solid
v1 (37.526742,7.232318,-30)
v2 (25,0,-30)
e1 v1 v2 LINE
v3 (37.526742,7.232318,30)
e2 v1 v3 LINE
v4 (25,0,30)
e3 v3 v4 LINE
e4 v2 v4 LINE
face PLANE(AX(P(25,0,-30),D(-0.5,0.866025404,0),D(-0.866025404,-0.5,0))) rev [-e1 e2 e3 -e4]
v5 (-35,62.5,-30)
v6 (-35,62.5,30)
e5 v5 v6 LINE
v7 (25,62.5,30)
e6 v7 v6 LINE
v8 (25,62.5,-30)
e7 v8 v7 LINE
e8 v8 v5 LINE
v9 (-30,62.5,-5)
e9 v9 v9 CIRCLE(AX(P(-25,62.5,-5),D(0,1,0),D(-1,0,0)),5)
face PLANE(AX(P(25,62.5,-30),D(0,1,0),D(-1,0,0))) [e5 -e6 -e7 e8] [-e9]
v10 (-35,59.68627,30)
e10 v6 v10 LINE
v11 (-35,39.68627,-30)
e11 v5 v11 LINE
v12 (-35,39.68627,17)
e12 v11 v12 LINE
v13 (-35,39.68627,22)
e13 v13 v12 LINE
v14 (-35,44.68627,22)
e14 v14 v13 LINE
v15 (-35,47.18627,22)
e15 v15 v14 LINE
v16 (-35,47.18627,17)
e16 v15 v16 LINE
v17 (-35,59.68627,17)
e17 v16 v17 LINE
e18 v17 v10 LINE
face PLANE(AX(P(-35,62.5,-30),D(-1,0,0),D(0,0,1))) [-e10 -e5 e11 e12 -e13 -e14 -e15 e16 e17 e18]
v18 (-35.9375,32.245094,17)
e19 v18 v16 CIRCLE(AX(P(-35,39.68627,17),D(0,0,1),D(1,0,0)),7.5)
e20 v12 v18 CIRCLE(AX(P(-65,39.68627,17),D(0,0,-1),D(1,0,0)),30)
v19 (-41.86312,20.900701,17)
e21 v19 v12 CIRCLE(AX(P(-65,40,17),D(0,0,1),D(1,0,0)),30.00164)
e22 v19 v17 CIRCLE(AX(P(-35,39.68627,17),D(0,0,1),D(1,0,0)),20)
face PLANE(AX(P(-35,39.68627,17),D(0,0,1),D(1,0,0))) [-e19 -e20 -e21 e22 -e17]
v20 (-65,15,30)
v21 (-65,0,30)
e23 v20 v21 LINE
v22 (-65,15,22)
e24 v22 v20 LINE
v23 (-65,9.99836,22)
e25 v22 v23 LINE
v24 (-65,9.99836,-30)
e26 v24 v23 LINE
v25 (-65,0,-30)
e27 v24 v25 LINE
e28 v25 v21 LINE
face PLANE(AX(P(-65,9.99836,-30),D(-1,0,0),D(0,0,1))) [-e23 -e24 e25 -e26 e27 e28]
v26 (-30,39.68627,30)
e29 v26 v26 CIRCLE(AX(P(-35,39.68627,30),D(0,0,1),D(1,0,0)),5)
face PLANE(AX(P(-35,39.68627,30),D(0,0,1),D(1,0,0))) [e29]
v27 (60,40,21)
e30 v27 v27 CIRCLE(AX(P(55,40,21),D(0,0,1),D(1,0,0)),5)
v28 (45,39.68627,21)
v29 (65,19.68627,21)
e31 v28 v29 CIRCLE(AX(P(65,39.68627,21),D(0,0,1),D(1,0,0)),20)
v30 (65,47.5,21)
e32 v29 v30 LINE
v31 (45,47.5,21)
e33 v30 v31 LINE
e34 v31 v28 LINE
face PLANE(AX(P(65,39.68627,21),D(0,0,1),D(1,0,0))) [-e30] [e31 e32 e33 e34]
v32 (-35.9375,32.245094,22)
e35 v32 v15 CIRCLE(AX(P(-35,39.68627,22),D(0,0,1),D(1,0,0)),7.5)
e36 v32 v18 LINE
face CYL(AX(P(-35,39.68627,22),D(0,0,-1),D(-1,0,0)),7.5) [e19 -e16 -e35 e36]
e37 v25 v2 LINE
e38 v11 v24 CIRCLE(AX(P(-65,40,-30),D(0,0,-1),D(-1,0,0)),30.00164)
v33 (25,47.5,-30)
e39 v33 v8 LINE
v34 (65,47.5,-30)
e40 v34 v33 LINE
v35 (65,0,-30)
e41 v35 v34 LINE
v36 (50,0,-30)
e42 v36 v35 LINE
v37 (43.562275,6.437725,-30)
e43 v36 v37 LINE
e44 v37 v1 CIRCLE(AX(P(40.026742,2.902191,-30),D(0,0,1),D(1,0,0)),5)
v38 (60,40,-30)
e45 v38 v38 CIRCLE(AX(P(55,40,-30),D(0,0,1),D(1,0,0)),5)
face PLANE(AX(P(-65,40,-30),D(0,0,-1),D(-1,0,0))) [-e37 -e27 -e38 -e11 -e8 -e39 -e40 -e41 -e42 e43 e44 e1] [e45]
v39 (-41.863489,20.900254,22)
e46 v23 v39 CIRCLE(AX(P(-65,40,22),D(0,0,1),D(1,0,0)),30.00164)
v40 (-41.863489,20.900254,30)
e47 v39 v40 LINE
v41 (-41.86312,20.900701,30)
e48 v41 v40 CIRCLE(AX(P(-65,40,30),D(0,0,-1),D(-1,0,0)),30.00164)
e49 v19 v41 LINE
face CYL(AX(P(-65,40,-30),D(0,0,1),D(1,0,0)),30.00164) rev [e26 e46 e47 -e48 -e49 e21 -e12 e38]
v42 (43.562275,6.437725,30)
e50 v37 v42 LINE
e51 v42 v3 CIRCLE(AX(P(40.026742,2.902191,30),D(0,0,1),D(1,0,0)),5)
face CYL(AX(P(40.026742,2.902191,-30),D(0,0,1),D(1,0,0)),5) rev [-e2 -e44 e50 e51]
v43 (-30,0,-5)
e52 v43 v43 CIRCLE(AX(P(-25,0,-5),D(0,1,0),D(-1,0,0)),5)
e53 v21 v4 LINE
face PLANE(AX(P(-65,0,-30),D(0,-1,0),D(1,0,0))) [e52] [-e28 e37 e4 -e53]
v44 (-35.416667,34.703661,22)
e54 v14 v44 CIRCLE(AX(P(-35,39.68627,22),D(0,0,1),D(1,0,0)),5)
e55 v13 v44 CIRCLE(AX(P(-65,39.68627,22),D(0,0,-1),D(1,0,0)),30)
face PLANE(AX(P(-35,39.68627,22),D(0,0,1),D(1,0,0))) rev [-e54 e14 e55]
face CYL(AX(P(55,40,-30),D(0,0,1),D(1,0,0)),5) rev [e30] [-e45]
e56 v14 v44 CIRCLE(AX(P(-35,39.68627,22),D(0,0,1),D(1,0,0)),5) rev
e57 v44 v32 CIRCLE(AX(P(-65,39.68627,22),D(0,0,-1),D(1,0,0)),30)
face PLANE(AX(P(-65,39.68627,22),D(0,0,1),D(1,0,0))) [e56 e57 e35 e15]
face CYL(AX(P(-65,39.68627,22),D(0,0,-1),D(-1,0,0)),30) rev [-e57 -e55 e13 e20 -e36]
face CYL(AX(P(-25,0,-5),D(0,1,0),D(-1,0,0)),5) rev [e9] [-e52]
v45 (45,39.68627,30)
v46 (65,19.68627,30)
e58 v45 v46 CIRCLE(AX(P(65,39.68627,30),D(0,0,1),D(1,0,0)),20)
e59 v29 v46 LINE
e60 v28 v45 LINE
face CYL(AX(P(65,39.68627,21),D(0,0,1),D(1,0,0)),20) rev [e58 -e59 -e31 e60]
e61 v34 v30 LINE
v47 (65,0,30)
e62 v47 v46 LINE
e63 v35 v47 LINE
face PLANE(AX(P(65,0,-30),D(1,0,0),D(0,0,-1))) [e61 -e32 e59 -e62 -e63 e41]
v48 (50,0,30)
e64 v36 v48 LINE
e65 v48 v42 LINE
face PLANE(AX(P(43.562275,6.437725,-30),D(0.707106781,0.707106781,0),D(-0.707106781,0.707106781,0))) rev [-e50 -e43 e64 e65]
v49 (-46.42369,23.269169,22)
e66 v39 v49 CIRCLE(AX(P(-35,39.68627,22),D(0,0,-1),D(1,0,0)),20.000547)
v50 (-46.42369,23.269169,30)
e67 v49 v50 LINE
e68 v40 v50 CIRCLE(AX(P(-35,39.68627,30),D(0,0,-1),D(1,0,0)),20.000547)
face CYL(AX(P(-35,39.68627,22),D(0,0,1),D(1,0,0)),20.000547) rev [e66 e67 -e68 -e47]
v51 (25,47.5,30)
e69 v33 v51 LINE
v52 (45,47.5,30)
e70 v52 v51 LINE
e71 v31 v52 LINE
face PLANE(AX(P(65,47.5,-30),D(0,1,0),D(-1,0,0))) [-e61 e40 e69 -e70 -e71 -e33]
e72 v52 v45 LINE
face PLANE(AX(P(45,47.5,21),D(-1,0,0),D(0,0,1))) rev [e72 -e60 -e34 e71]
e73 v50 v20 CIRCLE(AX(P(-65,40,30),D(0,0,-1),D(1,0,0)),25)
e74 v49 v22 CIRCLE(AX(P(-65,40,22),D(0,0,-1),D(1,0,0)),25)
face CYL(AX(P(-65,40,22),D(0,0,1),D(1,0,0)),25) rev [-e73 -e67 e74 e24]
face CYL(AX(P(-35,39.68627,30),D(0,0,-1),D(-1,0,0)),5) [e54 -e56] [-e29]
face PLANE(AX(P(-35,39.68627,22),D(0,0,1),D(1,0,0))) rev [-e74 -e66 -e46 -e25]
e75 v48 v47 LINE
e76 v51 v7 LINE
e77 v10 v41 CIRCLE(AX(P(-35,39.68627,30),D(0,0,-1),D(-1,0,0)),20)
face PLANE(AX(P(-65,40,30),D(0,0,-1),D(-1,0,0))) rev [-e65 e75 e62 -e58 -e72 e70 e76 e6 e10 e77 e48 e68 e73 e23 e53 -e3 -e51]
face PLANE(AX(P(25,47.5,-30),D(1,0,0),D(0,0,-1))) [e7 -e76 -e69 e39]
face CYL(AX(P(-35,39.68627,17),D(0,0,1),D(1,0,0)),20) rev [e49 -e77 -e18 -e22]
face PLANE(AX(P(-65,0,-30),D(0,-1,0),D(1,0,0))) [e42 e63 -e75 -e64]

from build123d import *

# Parameters (mm, degrees)
BOSS_EXTRUDE1_DEPTH      = 30
BOSS_EXTRUDE1_DEPTH_BACK = 30
CUT_EXTRUDE1_DEPTH       = 13
BOSS_EXTRUDE2_START      = -8
BOSS_EXTRUDE2_DEPTH      = 8
BOSS_EXTRUDE3_DEPTH      = 5
SKETCH5_R                = 5
BOSS_EXTRUDE4_DEPTH      = 8
CUT_EXTRUDE2_DEPTH       = 9
SKETCH7_R                = 5
CUT_EXTRUDE3_DEPTH       = 104.596573302
SKETCH8_R                = 5
CUT_EXTRUDE4_DEPTH       = 96.032889044
CUT_EXTRUDE5_DEPTH       = 109.310895112


with BuildPart() as part:
    # Sketch1 → Boss-Extrude1 (new, two sides: drawn at the far end of the back side and taken through both)
    with BuildSketch(Plane.XY.offset(-BOSS_EXTRUDE1_DEPTH_BACK)):
        with BuildLine():
            Line((-65, 9.998359599), (-65, 0))
            Line((-65, 0), (65, 0))
            Line((65, 0), (65, 47.5))
            Line((65, 47.5), (25, 47.5))
            Line((25, 47.5), (25, 62.5))
            Line((25, 62.5), (-35, 62.5))
            Line((-35, 62.5), (-35, 39.686269666))
            ThreePointArc((-35, 39.686269666), (-43.896848552, 18.675004673), (-65, 9.998359599))
        make_face()
    extrude(amount=BOSS_EXTRUDE1_DEPTH + BOSS_EXTRUDE1_DEPTH_BACK)

    # Sketch2 → Cut-Extrude1 (cut)
    with BuildSketch(Plane.XY.offset(30)):
        with BuildLine():
            Line((-35, 59.686269666), (-35.00136791, 39.71351659))
            ThreePointArc((-35.00136791, 39.71351659), (-36.817077306, 29.717837367), (-41.86475429, 20.901298318))
            ThreePointArc((-41.86475429, 20.901298318), (-15.306099587, 36.200543555), (-35, 59.686269666))
        make_face()
    extrude(amount=-CUT_EXTRUDE1_DEPTH, mode=Mode.SUBTRACT)

    # Sketch3 → Boss-Extrude2 (add)
    with BuildSketch(Plane.XY.offset(30).offset(BOSS_EXTRUDE2_START)):
        with BuildLine():
            Line((-65, 9.998359599), (-65, 15))
            ThreePointArc((-65, 15), (-54.833160932, 17.160661495), (-46.42368968, 23.269169331))
            ThreePointArc((-46.42368968, 23.269169331), (-44.219987435, 21.937644338), (-41.863489254, 20.900254001))
            ThreePointArc((-41.863489254, 20.900254001), (-52.211827427, 12.860341399), (-65, 9.998359599))
        make_face()
    extrude(amount=BOSS_EXTRUDE2_DEPTH)

    # Sketch4 → Boss-Extrude3 (add)
    with BuildSketch(Plane.XY.offset(17)):
        with BuildLine():
            Line((-35, 47.186269666), (-35, 39.686269666))
            ThreePointArc((-35, 39.686269666), (-35.235297751, 35.936269666), (-35.9375, 32.245094104))
            ThreePointArc((-35.9375, 32.245094104), (-27.514720556, 39.216597822), (-35, 47.186269666))
        make_face()
    extrude(amount=BOSS_EXTRUDE3_DEPTH)

    # Sketch5 → Boss-Extrude4 (add)
    with BuildSketch(Plane.XY.offset(22)):
        with Locations((-35, 39.686269666)):
            Circle(SKETCH5_R)
    extrude(amount=BOSS_EXTRUDE4_DEPTH)

    # Sketch6 → Cut-Extrude2 (cut)
    with BuildSketch(Plane.XY.offset(30)):
        with BuildLine():
            Line((65, 47.5), (45, 47.5))
            Line((45, 47.5), (45, 39.686269666))
            ThreePointArc((45, 39.686269666), (50.857864376, 25.544134042), (65, 19.686269666))
            Line((65, 19.686269666), (65, 39.686269666))
            Line((65, 39.686269666), (65, 47.5))
        make_face()
    extrude(amount=-CUT_EXTRUDE2_DEPTH, mode=Mode.SUBTRACT)

    # Sketch7 → Cut-Extrude3 (cut, through all)
    with BuildSketch(Plane.XY.offset(21)):
        with Locations((55, 40)):
            Circle(SKETCH7_R)
    extrude(amount=-CUT_EXTRUDE3_DEPTH, mode=Mode.SUBTRACT)

    # Sketch8 → Cut-Extrude4 (cut, through all)
    with BuildSketch(Plane(origin=(0, 62.5, 0), x_dir=(1, 0, 0), z_dir=(0, 1, 0))):
        with Locations((-25, 5)):
            Circle(SKETCH8_R)
    extrude(amount=-CUT_EXTRUDE4_DEPTH, mode=Mode.SUBTRACT)

    # Sketch9 → Cut-Extrude5 (cut, through all)
    with BuildSketch(Plane.XY.offset(30)):
        with BuildLine():
            Line((25, 0), (50, 0))
            Line((50, 0), (43.562275488, 6.437724512))
            ThreePointArc((43.562275488, 6.437724512), (40.679372543, 7.859414913), (37.526741582, 7.232317625))
            Line((37.526741582, 7.232317625), (25, 0))
        make_face()
    extrude(amount=-CUT_EXTRUDE5_DEPTH, mode=Mode.SUBTRACT)


solid = part.part
